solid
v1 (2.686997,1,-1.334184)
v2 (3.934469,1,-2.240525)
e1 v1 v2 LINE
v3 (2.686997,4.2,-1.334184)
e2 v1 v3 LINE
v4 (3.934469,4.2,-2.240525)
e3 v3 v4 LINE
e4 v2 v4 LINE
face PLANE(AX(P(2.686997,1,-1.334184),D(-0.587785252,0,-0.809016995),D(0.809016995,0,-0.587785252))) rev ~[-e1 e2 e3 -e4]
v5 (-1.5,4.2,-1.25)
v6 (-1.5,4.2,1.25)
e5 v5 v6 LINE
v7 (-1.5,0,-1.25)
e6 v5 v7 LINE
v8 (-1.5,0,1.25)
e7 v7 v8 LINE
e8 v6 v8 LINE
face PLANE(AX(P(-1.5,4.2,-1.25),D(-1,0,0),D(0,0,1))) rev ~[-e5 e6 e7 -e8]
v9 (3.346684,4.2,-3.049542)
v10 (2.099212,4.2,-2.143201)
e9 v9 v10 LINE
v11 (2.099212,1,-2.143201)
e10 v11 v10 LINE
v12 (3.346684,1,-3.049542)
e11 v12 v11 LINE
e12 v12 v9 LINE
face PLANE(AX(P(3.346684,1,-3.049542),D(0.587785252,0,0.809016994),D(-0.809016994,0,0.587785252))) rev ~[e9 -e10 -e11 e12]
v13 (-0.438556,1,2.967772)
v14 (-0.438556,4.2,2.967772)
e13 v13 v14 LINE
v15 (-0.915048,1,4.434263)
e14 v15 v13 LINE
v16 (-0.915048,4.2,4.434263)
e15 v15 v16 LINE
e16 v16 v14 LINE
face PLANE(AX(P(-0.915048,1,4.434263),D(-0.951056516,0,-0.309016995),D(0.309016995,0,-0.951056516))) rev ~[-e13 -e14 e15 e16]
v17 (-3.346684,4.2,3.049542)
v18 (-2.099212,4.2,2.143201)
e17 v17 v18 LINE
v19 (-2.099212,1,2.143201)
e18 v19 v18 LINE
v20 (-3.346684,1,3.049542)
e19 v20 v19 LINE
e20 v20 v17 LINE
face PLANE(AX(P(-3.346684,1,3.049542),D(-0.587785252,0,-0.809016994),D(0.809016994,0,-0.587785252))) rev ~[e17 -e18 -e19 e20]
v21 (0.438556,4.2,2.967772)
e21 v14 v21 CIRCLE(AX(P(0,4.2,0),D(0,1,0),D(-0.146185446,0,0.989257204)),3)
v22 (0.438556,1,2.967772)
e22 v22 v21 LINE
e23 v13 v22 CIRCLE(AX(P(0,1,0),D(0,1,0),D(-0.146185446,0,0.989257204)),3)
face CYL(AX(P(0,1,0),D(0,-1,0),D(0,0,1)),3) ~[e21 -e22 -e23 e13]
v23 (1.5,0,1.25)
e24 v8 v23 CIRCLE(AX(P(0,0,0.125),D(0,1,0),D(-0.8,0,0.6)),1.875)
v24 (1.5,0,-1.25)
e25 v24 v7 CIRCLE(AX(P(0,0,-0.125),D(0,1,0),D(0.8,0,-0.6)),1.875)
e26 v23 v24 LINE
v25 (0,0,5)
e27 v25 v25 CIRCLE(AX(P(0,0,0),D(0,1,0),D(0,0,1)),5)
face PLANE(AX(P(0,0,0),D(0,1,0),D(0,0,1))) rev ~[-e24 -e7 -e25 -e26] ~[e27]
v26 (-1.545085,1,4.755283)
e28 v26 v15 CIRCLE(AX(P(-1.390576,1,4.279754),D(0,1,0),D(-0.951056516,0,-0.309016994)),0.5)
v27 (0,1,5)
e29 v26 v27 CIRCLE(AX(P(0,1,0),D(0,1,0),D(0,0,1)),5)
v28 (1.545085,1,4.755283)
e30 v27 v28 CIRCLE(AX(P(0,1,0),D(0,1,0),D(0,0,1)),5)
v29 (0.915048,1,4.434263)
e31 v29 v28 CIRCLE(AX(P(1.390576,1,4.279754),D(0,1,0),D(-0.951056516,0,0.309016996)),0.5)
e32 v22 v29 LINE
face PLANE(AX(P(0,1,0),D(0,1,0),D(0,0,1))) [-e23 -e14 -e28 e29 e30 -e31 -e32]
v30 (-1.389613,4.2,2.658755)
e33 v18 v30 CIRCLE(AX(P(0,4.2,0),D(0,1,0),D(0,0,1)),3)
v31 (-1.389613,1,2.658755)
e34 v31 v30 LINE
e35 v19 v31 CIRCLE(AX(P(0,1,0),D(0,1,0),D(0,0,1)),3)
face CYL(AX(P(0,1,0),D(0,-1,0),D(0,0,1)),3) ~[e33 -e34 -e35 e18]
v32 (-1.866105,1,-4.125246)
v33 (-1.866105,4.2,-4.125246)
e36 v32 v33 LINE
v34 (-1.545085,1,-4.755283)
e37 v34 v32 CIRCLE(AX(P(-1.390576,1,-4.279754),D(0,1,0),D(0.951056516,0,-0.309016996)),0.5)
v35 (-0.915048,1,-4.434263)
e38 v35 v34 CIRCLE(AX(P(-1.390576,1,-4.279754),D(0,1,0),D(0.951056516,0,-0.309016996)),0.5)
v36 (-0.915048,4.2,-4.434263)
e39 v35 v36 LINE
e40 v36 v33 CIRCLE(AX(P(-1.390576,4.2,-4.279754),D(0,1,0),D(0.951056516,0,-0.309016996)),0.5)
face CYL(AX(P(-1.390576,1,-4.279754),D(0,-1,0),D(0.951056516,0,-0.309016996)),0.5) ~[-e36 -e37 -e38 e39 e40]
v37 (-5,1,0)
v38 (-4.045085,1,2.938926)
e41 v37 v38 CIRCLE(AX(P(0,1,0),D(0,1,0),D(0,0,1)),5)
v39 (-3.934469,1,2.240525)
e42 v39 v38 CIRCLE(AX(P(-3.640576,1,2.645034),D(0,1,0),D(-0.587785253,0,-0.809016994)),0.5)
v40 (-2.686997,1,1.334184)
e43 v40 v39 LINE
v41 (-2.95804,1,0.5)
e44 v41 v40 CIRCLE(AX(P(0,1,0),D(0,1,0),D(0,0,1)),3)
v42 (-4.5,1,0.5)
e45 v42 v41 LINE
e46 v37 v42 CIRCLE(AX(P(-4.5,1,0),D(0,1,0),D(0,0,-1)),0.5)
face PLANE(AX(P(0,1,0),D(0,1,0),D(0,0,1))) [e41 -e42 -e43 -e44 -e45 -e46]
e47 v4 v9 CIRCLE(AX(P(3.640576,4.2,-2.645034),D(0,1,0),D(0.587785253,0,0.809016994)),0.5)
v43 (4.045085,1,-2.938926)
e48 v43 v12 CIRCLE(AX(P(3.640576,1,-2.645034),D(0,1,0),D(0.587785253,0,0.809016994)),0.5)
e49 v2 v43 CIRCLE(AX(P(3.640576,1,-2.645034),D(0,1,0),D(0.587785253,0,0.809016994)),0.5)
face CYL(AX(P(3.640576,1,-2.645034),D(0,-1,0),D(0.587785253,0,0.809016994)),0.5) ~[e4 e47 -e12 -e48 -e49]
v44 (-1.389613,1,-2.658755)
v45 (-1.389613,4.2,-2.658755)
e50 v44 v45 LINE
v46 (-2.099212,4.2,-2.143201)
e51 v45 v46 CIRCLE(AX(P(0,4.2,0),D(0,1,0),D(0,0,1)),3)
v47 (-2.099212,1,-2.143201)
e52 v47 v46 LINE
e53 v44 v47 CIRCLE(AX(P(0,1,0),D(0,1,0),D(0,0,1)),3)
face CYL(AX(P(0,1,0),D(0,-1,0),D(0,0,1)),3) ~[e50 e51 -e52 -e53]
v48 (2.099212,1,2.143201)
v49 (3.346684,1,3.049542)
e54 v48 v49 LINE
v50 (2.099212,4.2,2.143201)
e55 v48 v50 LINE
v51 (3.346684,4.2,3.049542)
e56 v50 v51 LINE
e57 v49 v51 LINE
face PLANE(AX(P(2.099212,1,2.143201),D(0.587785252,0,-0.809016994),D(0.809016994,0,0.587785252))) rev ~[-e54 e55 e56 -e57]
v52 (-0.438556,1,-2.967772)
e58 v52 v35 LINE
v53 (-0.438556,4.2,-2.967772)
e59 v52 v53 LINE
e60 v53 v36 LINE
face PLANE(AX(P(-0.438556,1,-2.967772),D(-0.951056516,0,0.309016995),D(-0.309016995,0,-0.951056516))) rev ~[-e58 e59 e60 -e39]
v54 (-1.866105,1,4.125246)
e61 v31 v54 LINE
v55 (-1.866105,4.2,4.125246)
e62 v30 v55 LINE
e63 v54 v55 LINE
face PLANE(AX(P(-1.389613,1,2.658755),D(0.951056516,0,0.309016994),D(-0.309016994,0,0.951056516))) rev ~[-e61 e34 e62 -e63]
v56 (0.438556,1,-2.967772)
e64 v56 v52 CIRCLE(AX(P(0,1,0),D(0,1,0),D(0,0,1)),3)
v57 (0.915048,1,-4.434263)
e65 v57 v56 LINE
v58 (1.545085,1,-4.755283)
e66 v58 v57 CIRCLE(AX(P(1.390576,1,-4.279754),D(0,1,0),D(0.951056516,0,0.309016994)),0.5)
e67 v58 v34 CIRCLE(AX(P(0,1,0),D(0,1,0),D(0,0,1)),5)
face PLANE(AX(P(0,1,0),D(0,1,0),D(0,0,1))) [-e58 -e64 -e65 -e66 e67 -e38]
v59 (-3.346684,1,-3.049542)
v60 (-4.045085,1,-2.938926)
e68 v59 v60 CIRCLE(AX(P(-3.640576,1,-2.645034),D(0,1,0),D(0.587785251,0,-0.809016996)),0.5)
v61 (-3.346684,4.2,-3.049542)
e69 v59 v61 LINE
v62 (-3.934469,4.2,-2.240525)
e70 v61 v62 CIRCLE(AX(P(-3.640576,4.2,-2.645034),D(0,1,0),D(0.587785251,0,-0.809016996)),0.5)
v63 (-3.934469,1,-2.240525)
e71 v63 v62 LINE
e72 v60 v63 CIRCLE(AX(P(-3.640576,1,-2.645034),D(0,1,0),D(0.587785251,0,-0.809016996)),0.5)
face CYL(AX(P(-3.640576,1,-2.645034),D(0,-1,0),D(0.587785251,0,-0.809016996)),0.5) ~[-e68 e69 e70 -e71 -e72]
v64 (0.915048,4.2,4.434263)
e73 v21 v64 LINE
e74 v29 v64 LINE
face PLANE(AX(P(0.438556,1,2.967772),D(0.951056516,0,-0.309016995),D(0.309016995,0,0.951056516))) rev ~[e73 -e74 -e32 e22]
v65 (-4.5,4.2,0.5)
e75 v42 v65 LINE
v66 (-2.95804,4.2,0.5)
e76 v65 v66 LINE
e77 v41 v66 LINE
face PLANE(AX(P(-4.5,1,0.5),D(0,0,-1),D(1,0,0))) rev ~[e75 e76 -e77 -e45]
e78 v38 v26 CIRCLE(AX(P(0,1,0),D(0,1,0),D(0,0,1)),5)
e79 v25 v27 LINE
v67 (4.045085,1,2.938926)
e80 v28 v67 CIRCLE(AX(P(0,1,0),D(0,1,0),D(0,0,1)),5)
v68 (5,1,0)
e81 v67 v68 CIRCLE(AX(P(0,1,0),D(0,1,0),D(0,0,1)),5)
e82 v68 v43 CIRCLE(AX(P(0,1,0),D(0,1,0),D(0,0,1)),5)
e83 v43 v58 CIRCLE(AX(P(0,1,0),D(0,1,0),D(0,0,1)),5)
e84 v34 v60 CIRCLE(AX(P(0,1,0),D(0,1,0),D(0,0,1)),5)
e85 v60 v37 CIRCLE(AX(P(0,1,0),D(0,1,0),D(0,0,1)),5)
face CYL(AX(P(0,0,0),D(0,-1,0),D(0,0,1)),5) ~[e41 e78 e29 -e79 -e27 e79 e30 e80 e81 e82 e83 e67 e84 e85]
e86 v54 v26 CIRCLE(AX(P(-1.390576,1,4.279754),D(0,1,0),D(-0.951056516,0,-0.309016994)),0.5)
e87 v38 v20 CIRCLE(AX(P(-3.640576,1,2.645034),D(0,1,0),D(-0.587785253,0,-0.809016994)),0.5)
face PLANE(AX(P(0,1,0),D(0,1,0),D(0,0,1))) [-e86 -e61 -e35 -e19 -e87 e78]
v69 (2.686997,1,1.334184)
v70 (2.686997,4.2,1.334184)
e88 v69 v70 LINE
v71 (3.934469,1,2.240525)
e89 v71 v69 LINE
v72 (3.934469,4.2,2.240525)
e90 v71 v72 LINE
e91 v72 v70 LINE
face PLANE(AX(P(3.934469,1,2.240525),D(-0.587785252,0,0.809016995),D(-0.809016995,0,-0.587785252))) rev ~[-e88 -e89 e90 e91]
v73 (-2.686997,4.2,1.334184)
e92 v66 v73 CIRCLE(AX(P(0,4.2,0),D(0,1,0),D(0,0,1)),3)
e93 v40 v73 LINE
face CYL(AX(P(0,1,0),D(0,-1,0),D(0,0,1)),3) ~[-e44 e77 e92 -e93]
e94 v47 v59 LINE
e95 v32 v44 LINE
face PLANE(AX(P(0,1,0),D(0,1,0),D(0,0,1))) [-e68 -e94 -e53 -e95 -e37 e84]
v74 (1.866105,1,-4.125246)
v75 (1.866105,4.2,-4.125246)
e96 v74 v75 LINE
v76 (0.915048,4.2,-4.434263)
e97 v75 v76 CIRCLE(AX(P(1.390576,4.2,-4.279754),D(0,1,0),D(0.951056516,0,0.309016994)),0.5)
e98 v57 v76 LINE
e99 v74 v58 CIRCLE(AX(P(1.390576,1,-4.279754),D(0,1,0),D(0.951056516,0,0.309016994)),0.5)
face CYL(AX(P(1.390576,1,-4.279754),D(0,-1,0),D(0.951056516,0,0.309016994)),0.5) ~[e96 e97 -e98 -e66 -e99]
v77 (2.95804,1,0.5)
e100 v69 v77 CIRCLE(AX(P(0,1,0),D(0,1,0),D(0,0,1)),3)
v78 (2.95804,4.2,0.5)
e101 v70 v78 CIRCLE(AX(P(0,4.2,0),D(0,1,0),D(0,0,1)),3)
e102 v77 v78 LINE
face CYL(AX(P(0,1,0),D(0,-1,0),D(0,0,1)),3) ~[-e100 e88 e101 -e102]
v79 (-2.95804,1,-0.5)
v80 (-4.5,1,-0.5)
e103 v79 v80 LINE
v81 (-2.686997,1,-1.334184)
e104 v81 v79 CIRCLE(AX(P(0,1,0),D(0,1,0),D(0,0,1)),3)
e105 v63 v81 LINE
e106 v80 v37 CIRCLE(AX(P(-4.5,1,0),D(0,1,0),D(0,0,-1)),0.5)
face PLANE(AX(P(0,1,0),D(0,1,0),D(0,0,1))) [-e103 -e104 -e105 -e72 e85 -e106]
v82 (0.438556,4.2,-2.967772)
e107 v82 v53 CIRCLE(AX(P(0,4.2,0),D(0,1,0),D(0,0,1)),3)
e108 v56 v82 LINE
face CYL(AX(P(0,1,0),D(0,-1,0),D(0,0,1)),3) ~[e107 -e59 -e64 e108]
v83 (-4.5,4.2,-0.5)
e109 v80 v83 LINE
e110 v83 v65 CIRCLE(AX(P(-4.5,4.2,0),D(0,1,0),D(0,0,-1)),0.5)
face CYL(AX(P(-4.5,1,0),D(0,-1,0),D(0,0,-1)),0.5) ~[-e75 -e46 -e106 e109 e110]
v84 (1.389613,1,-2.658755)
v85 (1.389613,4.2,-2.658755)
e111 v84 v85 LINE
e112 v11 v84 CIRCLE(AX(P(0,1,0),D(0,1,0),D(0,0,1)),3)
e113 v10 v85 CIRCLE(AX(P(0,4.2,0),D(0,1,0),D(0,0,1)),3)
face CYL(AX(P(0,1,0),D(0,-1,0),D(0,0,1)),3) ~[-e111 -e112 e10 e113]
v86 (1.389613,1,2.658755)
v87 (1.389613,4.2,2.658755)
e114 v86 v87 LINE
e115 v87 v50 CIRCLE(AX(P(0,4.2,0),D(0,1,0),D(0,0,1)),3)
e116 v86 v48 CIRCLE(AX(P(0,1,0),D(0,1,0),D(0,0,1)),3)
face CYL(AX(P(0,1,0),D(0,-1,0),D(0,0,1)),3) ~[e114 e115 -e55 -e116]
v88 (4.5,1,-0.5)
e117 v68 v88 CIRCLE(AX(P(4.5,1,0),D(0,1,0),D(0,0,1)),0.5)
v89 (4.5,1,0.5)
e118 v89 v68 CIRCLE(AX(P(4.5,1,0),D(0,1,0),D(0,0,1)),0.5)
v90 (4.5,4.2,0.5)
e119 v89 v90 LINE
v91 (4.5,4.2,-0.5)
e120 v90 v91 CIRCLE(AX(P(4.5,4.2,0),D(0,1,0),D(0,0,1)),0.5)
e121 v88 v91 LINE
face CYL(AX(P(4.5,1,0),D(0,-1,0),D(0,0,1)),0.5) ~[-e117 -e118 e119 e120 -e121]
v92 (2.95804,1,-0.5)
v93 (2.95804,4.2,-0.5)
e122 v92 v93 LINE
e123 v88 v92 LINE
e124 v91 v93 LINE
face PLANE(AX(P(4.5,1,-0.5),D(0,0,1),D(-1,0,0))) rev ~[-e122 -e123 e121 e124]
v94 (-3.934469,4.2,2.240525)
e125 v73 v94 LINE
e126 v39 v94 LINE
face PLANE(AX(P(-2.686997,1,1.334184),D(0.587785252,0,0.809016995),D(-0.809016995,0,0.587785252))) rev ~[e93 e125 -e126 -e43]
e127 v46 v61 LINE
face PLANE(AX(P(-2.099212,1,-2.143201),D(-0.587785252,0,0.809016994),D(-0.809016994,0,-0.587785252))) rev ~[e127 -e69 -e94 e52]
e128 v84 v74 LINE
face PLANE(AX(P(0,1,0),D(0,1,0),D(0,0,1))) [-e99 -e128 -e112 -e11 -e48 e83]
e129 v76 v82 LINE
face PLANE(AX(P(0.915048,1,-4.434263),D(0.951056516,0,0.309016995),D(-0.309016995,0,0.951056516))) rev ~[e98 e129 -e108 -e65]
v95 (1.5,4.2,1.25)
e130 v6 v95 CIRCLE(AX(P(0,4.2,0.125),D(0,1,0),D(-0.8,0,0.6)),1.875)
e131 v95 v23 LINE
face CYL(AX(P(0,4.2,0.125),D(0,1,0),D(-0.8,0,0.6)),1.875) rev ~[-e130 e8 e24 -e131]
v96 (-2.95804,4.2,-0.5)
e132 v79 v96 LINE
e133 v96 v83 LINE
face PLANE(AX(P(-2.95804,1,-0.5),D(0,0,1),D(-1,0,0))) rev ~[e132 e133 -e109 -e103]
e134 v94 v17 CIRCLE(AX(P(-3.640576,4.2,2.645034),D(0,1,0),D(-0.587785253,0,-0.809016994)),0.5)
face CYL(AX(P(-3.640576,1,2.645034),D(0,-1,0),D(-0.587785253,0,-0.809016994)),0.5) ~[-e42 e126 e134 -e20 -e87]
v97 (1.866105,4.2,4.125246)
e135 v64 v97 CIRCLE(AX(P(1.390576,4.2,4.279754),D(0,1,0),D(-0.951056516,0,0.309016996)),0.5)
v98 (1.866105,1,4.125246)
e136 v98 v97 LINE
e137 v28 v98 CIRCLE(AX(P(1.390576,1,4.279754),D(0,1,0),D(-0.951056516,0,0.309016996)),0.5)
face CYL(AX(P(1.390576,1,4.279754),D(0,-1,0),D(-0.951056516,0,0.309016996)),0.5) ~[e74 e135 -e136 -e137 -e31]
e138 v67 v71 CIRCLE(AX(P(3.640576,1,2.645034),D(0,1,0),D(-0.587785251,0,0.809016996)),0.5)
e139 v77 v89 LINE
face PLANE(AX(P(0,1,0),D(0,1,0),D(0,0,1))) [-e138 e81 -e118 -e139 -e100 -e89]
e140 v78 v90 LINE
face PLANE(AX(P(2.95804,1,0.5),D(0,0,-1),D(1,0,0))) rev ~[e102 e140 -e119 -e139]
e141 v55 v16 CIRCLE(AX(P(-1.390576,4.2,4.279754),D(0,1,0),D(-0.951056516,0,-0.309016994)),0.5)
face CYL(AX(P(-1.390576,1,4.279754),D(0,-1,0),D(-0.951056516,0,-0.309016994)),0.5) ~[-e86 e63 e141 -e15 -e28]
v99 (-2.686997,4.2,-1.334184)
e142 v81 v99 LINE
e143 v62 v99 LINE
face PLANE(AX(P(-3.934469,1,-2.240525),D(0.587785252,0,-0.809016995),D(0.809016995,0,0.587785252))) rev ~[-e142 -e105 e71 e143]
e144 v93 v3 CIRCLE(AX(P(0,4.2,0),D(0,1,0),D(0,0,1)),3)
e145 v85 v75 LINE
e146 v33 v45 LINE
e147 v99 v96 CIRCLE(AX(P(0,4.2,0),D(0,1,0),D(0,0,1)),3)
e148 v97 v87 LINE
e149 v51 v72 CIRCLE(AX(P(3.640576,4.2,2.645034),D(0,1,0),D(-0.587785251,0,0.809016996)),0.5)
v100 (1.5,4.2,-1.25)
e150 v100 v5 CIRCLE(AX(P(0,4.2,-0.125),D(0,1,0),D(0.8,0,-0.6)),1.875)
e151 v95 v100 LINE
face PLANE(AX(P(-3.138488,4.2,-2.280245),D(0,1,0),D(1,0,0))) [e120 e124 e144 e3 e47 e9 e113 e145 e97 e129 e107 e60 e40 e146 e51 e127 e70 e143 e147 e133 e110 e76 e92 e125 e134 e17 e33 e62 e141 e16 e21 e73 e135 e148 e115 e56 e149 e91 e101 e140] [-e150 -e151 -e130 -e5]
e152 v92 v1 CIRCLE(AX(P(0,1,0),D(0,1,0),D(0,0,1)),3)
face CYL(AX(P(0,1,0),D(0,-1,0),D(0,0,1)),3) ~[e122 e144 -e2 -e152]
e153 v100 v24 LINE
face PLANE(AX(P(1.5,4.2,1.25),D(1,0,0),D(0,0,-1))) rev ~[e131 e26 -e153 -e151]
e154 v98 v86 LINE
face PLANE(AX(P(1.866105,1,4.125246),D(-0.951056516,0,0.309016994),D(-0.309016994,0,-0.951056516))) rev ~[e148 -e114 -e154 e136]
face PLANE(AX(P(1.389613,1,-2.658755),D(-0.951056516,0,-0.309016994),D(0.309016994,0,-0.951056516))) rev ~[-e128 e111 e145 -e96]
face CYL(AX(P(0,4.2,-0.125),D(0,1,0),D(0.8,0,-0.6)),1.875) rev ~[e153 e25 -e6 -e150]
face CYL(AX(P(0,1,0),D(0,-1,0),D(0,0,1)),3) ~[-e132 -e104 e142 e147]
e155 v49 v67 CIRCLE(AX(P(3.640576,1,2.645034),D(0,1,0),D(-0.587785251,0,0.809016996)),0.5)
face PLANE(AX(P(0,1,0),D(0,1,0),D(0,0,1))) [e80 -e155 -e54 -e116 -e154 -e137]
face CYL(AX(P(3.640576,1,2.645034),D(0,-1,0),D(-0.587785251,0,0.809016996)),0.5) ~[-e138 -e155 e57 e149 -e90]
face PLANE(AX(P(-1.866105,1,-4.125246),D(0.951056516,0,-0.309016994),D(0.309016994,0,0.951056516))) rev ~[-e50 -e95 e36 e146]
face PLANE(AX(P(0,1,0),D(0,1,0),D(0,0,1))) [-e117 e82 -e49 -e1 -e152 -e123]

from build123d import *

# Parameters (mm, degrees)
SKETCH1_R           = 5
BOSS_EXTRUDE1_DEPTH = 4.2
CUT_EXTRUDE2_DEPTH  = 9.224354078
CUT_EXTRUDE4_START  = -3.2
SKETCH6_R           = 5
SKETCH6_R_2         = 3
CUT_EXTRUDE4_DEPTH  = 3.2
BOSS_EXTRUDE3_DEPTH = 3.2


with BuildPart() as part:
    # Sketch1 → Boss-Extrude1 (new body)
    with BuildSketch(Plane(origin=(0, 0, 0), x_dir=(1, 0, 0), z_dir=(0, 1, 0))):
        with Locations(Location((0, 0, 0), (0, 0, 270))):
            Circle(SKETCH1_R)
    extrude(amount=BOSS_EXTRUDE1_DEPTH)

    # Sketch2 → Cut-Extrude2 (cut, through all)
    with BuildSketch(Plane(origin=(0, 4.2, 0), x_dir=(1, 0, 0), z_dir=(0, 1, 0))):
        with BuildLine():
            Line((-1.5, 1.25), (-1.5, -1.25))
            ThreePointArc((-1.5, -1.25), (0, -2), (1.5, -1.25))
            Line((1.5, -1.25), (1.5, 1.25))
            ThreePointArc((1.5, 1.25), (0, 2), (-1.5, 1.25))
        make_face()
    extrude(amount=-CUT_EXTRUDE2_DEPTH, mode=Mode.SUBTRACT)

    # Sketch6 → Cut-Extrude4 (cut)
    with BuildSketch(Plane(origin=(0, 4.2, 0), x_dir=(1, 0, 0), z_dir=(0, 1, 0)).offset(CUT_EXTRUDE4_START)):
        with Locations(Location((0, 0, 0), (0, 0, 270))):
            Circle(SKETCH6_R)
        with Locations(Location((0, 0, 0), (0, 0, 270))):
            Circle(SKETCH6_R_2, mode=Mode.SUBTRACT)
    extrude(amount=CUT_EXTRUDE4_DEPTH, mode=Mode.SUBTRACT)

    # Sketch7 → Boss-Extrude3 (add)
    with BuildSketch(Plane(origin=(0, 1, 0), x_dir=(1, 0, 0), z_dir=(0, 1, 0))):
        with BuildLine():
            Line((-3.934469101, 2.240525138), (-2.686997168, 1.334183727))
            ThreePointArc((-2.686997168, 1.334183727), (-2.427050983, 1.763355757), (-2.099211916, 2.143200721))
            Line((-2.099211916, 2.143200721), (-3.346683849, 3.049542133))
            ThreePointArc((-3.346683849, 3.049542133), (-4.045084972, 2.938926261), (-3.934469101, 2.240525138))
        make_face()
        with BuildLine():
            ThreePointArc((-1.389612855, 2.658754617), (-0.927050983, 2.853169549), (-0.438556338, 2.967771612))
            Line((-0.438556338, 2.967771612), (-0.915048217, 4.434262821))
            ThreePointArc((-0.915048217, 4.434262821), (-1.545084972, 4.755282581), (-1.866104733, 4.125245826))
            Line((-1.866104733, 4.125245826), (-1.389612855, 2.658754617))
        make_face()
        with BuildLine():
            ThreePointArc((0.438556338, 2.967771612), (0.927050983, 2.853169549), (1.389612855, 2.658754617))
            Line((1.389612855, 2.658754617), (1.866104733, 4.125245826))
            ThreePointArc((1.866104733, 4.125245826), (1.545084972, 4.755282581), (0.915048217, 4.434262821))
            Line((0.915048217, 4.434262821), (0.438556338, 2.967771612))
        make_face()
        with BuildLine():
            ThreePointArc((2.099211916, 2.143200721), (2.427050983, 1.763355757), (2.686997168, 1.334183727))
            Line((2.686997168, 1.334183727), (3.934469101, 2.240525138))
            ThreePointArc((3.934469101, 2.240525138), (4.045084972, 2.938926261), (3.346683849, 3.049542133))
            Line((3.346683849, 3.049542133), (2.099211916, 2.143200721))
        make_face()
        with BuildLine():
            ThreePointArc((3, 0), (2.989491568, -0.250878781), (2.958039892, -0.5))
            Line((2.958039892, -0.5), (4.5, -0.5))
            ThreePointArc((4.5, -0.5), (5, 0), (4.5, 0.5))
            Line((4.5, 0.5), (2.958039892, 0.5))
            ThreePointArc((2.958039892, 0.5), (2.989491568, 0.250878781), (3, 0))
        make_face()
        with BuildLine():
            ThreePointArc((3.346683849, -3.049542133), (4.045084972, -2.938926261), (3.934469101, -2.240525138))
            Line((3.934469101, -2.240525138), (2.686997168, -1.334183727))
            ThreePointArc((2.686997168, -1.334183727), (2.427050983, -1.763355757), (2.099211916, -2.143200721))
            Line((2.099211916, -2.143200721), (3.346683849, -3.049542133))
        make_face()
        with BuildLine():
            Line((1.866104733, -4.125245826), (1.389612855, -2.658754617))
            ThreePointArc((1.389612855, -2.658754617), (0.927050983, -2.853169549), (0.438556338, -2.967771612))
            Line((0.438556338, -2.967771612), (0.915048217, -4.434262821))
            ThreePointArc((0.915048217, -4.434262821), (1.545084972, -4.755282581), (1.866104733, -4.125245826))
        make_face()
        with BuildLine():
            Line((-0.915048217, -4.434262821), (-0.438556338, -2.967771612))
            ThreePointArc((-0.438556338, -2.967771612), (-0.927050983, -2.853169549), (-1.389612855, -2.658754617))
            Line((-1.389612855, -2.658754617), (-1.866104733, -4.125245826))
            ThreePointArc((-1.866104733, -4.125245826), (-1.545084972, -4.755282581), (-0.915048217, -4.434262821))
        make_face()
        with BuildLine():
            Line((-3.346683849, -3.049542133), (-2.099211916, -2.143200721))
            ThreePointArc((-2.099211916, -2.143200721), (-2.427050983, -1.763355757), (-2.686997168, -1.334183727))
            Line((-2.686997168, -1.334183727), (-3.934469101, -2.240525138))
            ThreePointArc((-3.934469101, -2.240525138), (-4.045084972, -2.938926261), (-3.346683849, -3.049542133))
        make_face()
        with BuildLine():
            Line((-4.5, -0.5), (-2.958039892, -0.5))
            ThreePointArc((-2.958039892, -0.5), (-3, 0), (-2.958039892, 0.5))
            Line((-2.958039892, 0.5), (-4.5, 0.5))
            ThreePointArc((-4.5, 0.5), (-5, 0), (-4.5, -0.5))
        make_face()
    extrude(amount=BOSS_EXTRUDE3_DEPTH)


solid = part.part
